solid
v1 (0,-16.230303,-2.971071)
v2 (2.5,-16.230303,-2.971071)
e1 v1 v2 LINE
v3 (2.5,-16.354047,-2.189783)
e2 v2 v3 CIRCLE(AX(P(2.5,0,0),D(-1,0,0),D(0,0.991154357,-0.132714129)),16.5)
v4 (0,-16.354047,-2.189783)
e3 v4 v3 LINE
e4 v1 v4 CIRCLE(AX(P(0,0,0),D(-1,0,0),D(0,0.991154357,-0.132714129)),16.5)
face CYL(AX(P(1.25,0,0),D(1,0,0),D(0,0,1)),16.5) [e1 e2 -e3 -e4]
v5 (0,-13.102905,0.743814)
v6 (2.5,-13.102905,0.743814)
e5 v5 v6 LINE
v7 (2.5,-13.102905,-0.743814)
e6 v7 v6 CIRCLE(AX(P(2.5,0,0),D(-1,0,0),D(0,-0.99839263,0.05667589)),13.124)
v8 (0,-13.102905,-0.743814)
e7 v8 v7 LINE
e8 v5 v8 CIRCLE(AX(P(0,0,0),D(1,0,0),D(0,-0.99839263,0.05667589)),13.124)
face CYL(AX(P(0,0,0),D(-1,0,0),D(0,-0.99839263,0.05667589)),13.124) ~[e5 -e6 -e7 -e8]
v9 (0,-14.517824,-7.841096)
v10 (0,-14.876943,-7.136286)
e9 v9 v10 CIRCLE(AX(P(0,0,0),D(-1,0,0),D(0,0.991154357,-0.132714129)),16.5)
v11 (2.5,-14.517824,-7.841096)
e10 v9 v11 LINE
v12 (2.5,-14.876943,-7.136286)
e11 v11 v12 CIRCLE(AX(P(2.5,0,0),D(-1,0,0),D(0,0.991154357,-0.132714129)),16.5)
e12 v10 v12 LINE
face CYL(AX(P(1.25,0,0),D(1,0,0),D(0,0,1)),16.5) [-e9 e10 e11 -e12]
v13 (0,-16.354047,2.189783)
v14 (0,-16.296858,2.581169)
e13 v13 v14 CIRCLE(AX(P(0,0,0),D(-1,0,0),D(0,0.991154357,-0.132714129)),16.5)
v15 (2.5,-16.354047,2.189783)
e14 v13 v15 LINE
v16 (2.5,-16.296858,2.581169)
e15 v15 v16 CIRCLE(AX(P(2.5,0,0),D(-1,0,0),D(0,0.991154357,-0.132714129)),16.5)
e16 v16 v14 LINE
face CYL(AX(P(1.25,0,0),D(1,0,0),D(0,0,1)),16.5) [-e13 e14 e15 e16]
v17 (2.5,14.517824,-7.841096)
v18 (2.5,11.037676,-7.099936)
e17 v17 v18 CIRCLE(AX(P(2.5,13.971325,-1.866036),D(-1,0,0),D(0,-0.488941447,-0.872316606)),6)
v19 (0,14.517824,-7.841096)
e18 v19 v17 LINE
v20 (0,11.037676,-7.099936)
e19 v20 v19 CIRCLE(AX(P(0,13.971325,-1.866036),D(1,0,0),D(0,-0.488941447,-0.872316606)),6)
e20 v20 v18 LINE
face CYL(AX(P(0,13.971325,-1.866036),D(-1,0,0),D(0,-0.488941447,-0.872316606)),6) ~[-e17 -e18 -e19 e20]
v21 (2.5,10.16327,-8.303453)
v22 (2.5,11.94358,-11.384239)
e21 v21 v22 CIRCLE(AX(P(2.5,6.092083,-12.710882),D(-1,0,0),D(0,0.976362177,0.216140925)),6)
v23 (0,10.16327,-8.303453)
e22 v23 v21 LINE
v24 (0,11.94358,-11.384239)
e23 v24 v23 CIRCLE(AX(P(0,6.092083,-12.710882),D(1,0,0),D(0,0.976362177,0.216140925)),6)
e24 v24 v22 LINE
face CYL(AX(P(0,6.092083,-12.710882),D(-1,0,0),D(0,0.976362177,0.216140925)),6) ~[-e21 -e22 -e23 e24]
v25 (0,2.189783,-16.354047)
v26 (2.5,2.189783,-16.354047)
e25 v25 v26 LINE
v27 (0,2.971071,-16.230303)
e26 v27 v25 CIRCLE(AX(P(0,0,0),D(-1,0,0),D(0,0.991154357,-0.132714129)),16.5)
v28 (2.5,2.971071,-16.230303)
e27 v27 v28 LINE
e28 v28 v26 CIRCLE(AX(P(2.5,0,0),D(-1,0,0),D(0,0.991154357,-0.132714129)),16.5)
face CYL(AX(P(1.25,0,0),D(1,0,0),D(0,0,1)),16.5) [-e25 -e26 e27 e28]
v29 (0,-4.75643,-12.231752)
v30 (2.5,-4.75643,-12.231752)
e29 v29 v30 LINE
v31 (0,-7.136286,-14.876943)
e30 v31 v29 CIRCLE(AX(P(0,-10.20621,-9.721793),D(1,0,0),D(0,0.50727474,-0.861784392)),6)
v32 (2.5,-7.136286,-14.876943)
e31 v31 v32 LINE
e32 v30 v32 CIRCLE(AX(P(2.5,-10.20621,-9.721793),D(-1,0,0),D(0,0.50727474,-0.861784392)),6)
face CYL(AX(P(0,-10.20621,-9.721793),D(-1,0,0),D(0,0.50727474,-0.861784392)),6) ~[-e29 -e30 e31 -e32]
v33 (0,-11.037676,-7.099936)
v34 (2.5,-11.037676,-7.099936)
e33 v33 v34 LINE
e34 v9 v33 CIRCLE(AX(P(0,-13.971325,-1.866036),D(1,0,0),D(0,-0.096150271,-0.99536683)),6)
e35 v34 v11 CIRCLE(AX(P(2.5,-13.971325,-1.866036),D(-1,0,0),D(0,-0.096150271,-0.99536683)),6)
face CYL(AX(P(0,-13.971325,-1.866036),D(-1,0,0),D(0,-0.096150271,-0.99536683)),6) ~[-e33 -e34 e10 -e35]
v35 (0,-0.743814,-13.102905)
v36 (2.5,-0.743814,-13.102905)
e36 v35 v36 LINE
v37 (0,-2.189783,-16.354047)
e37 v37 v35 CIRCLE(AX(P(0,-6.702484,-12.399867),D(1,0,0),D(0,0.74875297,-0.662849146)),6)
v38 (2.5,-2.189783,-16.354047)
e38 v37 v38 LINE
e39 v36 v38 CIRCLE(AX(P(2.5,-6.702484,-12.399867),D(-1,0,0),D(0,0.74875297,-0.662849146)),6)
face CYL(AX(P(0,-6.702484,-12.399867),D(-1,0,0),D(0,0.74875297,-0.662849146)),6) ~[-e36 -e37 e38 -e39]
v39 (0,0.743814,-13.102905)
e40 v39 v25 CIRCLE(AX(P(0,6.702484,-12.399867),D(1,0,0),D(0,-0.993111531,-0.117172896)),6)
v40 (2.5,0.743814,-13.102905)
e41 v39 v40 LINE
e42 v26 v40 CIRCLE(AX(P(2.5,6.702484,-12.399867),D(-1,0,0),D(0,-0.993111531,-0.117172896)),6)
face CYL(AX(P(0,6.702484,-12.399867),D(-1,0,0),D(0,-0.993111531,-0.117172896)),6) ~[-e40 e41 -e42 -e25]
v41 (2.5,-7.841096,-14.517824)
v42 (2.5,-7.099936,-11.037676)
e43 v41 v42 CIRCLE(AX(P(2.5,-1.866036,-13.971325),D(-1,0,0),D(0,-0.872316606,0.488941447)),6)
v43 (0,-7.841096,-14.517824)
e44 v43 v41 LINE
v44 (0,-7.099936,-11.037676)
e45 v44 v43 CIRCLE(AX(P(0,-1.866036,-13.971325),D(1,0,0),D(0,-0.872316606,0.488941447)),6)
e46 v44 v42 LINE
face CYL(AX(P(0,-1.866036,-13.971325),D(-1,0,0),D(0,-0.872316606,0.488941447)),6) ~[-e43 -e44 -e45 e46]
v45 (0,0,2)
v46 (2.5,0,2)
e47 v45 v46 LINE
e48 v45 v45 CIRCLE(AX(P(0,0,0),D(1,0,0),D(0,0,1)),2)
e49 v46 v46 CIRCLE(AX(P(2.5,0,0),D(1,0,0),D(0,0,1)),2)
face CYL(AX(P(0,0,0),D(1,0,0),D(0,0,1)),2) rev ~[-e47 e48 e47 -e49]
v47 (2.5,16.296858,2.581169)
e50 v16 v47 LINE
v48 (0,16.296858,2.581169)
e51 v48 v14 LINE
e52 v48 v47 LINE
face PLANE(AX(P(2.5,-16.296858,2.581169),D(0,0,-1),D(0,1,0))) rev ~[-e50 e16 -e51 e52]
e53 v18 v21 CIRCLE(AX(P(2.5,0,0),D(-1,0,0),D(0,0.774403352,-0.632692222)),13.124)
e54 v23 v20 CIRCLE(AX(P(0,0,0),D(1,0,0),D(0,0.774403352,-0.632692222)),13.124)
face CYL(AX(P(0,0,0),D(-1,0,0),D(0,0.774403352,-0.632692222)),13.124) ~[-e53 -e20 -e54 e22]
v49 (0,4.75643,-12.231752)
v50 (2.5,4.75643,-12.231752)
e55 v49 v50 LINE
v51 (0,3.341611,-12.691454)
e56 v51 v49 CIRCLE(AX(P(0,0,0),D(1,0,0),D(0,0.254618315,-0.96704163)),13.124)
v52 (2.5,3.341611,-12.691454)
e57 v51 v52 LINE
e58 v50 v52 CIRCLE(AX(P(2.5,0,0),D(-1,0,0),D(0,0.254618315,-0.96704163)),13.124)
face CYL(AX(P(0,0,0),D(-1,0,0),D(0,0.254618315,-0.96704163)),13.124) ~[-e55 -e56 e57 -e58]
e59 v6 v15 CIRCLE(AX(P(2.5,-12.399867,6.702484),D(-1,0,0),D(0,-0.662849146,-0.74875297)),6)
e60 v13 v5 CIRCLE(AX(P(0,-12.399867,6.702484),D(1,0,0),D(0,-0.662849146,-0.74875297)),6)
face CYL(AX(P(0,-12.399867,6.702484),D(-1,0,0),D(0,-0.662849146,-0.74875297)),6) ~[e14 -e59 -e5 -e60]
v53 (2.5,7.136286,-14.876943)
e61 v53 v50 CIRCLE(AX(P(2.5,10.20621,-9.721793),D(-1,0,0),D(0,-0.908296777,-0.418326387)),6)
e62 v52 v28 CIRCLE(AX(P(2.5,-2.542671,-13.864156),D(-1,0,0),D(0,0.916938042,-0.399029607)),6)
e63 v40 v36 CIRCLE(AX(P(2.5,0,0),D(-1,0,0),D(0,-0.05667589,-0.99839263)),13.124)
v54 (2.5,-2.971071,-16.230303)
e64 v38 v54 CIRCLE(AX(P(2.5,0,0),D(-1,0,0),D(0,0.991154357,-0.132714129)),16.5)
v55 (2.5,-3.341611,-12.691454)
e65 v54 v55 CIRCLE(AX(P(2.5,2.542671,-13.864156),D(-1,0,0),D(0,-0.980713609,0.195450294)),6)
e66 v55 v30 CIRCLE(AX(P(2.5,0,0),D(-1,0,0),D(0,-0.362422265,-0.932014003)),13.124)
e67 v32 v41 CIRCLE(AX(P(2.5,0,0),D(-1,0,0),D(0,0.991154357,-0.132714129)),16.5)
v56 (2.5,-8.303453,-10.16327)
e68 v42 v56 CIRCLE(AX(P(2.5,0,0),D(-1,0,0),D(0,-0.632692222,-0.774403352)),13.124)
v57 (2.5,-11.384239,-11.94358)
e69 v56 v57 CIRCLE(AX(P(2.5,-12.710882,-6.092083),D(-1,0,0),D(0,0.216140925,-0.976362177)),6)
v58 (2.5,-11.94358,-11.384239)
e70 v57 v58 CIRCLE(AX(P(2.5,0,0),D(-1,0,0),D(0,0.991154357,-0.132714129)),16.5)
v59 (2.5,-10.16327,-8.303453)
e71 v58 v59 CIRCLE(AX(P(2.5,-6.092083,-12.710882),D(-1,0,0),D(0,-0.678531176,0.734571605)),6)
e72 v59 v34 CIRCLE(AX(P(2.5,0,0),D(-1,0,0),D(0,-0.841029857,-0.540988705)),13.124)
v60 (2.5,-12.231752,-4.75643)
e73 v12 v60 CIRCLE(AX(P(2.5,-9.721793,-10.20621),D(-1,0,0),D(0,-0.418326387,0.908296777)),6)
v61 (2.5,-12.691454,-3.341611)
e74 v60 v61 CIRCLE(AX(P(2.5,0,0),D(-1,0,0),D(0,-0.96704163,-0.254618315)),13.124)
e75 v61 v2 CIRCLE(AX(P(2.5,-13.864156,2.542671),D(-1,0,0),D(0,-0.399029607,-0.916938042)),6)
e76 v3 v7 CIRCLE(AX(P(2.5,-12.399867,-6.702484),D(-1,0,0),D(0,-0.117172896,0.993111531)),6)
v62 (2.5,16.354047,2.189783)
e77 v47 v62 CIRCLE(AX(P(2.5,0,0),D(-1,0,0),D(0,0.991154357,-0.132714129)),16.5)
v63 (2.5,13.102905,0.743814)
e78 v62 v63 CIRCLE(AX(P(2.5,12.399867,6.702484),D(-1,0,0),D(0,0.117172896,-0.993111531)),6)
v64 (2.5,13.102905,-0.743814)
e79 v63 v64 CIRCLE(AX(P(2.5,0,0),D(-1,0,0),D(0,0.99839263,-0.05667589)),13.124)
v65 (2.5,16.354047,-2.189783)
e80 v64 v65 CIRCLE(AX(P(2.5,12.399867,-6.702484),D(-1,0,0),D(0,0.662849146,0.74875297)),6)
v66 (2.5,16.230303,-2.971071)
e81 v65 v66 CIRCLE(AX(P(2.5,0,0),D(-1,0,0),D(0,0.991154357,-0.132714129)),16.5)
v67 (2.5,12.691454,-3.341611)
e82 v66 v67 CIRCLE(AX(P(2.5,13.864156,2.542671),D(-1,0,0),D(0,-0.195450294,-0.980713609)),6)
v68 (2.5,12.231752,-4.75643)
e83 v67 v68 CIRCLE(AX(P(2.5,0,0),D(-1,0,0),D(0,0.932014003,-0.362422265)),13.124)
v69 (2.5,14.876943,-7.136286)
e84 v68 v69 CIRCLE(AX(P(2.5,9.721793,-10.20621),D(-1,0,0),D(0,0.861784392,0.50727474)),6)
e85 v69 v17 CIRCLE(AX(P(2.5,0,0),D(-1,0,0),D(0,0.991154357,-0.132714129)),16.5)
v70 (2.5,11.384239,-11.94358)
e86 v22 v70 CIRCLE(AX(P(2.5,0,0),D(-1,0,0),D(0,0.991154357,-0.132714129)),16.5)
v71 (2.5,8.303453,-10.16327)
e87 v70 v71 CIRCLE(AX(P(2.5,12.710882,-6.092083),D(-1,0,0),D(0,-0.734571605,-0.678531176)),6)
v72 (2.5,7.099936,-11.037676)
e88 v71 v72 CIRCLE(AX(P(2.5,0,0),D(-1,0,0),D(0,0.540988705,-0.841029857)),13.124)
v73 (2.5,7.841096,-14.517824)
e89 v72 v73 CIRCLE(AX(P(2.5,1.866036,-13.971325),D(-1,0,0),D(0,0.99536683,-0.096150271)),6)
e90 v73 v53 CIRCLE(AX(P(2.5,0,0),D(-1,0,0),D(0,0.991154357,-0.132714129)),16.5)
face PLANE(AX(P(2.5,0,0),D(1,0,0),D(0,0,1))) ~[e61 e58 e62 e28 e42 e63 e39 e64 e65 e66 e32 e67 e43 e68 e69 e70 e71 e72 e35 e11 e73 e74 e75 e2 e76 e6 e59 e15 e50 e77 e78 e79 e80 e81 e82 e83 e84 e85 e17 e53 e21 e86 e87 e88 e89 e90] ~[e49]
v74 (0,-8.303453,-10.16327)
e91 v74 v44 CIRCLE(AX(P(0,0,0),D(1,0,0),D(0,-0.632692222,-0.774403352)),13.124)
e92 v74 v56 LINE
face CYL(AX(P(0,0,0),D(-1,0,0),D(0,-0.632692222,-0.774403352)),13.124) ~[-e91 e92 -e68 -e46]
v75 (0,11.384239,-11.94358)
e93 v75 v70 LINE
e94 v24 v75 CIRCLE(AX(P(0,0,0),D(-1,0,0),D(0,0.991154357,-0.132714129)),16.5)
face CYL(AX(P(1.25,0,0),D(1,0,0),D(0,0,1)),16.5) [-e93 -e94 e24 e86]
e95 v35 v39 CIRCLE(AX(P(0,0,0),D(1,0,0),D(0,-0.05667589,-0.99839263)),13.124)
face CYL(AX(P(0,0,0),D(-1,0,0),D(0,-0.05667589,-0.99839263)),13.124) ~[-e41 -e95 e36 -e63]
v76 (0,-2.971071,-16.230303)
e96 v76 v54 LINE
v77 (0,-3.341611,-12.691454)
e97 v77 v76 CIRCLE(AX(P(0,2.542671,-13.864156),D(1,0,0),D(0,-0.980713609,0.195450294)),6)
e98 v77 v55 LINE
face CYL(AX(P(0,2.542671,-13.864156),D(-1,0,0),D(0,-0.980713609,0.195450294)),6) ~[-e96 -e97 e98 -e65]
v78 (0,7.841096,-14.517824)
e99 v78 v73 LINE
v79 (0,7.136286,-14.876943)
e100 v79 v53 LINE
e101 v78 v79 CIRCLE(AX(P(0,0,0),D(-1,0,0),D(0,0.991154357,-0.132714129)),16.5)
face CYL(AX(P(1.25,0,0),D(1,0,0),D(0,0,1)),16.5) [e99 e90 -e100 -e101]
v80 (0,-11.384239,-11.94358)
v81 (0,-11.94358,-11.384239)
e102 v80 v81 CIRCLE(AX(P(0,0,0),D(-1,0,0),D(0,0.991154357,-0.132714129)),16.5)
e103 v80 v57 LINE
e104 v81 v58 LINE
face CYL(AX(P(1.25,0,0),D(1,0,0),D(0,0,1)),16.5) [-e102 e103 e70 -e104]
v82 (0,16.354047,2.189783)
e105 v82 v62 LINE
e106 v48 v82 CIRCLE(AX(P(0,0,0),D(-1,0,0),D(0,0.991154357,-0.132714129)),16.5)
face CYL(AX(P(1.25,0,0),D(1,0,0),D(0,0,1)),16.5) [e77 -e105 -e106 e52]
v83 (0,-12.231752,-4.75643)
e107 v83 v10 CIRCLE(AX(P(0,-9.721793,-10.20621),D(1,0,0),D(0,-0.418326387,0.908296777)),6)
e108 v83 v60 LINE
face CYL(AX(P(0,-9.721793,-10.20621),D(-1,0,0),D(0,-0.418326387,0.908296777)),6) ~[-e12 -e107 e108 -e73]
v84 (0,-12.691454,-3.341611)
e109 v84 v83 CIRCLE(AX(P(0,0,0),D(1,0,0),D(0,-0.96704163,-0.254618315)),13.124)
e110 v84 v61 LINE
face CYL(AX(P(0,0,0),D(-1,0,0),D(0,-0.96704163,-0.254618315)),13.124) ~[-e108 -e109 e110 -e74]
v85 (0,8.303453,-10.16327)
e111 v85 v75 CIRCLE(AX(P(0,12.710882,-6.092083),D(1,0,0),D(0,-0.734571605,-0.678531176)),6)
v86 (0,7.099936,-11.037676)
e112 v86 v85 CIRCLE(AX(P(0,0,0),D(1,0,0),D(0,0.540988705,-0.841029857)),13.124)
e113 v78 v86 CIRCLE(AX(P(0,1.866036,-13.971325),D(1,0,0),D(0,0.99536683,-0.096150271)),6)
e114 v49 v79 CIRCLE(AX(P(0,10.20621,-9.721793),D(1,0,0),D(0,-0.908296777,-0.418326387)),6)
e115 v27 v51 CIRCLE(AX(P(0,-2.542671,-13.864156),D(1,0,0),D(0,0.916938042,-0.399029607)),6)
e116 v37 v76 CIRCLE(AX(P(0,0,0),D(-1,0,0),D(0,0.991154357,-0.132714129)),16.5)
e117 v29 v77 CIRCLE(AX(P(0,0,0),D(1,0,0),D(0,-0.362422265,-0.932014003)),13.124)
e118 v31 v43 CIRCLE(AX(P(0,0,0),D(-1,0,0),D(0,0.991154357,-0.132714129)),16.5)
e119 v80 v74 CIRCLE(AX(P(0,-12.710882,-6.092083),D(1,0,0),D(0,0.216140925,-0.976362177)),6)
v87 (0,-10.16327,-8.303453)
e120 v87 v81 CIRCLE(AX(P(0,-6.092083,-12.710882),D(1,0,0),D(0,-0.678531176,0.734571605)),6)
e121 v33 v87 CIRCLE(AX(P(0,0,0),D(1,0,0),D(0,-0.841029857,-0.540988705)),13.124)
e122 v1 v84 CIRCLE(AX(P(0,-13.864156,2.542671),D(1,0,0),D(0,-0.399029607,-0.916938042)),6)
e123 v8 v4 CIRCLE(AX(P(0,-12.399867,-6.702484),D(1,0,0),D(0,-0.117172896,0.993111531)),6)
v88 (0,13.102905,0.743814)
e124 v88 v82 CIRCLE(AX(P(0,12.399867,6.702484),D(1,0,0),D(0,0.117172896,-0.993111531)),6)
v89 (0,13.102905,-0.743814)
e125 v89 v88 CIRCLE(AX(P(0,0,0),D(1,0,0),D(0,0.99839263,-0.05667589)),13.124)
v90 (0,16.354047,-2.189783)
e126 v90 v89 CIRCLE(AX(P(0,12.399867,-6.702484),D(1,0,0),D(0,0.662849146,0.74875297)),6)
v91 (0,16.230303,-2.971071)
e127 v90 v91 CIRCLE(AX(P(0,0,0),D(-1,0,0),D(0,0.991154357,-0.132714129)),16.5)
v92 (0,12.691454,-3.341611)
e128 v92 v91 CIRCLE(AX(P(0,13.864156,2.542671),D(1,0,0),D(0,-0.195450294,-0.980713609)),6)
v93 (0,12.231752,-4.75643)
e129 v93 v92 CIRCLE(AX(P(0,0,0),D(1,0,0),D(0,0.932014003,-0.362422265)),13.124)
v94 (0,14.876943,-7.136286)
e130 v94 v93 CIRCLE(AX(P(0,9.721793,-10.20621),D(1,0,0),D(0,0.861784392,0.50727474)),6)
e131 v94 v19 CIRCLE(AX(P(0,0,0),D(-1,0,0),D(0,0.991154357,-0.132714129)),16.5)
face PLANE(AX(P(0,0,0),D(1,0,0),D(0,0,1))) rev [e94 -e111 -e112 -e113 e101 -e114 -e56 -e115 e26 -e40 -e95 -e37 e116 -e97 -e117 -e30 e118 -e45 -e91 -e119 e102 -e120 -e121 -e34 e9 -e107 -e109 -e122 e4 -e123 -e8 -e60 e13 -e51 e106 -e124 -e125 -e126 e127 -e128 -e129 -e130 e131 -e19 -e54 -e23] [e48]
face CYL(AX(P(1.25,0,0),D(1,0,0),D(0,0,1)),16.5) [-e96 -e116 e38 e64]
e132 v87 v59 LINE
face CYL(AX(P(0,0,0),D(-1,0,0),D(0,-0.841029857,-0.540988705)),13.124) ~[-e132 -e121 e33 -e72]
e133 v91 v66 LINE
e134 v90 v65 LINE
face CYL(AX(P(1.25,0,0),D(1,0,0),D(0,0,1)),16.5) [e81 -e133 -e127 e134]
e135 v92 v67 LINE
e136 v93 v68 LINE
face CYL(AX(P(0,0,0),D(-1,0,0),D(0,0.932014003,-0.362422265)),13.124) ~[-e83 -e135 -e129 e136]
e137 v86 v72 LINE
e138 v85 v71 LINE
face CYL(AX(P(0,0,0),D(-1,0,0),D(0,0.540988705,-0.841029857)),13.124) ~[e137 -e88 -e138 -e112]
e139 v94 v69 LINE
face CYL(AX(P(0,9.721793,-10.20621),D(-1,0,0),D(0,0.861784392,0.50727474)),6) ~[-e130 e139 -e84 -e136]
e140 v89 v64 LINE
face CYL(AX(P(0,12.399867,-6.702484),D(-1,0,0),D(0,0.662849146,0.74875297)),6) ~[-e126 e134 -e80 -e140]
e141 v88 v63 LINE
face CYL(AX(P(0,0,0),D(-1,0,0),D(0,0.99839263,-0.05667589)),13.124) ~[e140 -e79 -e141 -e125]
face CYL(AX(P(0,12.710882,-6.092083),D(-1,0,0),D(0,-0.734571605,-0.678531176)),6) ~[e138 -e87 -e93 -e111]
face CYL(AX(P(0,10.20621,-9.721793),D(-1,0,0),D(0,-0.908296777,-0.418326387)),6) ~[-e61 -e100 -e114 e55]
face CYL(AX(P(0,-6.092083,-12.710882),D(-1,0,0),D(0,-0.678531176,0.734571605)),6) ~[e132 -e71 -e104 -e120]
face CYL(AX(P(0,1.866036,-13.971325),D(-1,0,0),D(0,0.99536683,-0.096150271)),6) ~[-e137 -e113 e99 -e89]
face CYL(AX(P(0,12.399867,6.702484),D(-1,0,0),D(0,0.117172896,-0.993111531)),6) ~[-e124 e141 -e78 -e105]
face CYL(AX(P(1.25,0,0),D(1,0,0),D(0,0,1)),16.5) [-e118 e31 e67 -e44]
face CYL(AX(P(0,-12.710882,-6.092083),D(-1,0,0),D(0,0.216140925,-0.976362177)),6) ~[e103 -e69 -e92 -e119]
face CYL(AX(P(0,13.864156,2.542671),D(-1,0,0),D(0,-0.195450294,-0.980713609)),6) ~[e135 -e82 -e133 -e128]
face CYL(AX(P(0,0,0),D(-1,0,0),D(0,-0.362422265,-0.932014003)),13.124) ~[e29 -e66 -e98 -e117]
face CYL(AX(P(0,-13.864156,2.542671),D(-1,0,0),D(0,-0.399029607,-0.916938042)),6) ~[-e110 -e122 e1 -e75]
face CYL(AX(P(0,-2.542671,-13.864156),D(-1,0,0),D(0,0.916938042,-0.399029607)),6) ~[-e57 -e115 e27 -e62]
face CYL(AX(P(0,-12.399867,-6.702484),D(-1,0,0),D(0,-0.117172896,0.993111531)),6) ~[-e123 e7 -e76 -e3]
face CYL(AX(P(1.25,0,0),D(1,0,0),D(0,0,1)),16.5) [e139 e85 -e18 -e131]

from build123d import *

# Parameters (mm, degrees)
BASPROSKE_W        = 2.5
BASPROSKE_H        = 16.5
TOOTHCUT_DEPTH     = 24.468063405
TEETHCUTS_COUNT    = 20
TEETHCUTS_ANGLE    = 342
BORSKE_R           = 2
BORE_DEPTH         = 50.0000508
SKETCH1_W          = 14.029900708
SKETCH1_H          = 46.240429445
CUT_EXTRUDE1_DEPTH = 24.26283946


with BuildPart() as part:
    # BasProSke → Base-Revolve (revolve)
    with BuildSketch(Plane(origin=(0, 0, 0), x_dir=(1, 0, 0), z_dir=(0, 1, 0)), mode=Mode.PRIVATE) as base_revolve_sk:
        with Locations((1.25, 8.25)):
            Rectangle(BASPROSKE_W, BASPROSKE_H)
    revolve(base_revolve_sk.sketch.rotate(Axis((-10, 0, 0), (1, 0, 0)), 180), axis=Axis((-10, 0, 0), (1, 0, 0)))

    # TooCutSke → ToothCut (cut, through all)
    with BuildSketch(Plane(origin=(0, 0, 0), x_dir=(0, 0, -1), z_dir=(1, 0, 0))):
        with BuildLine():
            ThreePointArc((0.74381438, 13.102904875), (0, 13.124), (-0.74381438, 13.102904875))
            ThreePointArc((-0.74381438, 13.102904875), (-1.226473103, 14.852072512), (-2.209965745, 16.376962373))
            ThreePointArc((-2.209965745, 16.376962373), (0, 16.5254), (2.209965745, 16.376962373))
            ThreePointArc((2.209965745, 16.376962373), (1.226473103, 14.852072512), (0.74381438, 13.102904875))
        make_face()
    toothcut = extrude(amount=TOOTHCUT_DEPTH, mode=Mode.SUBTRACT)

    # TeethCuts: ToothCut ×20 about axis
    teethcuts_axis = Axis((-10, 0, 0), (1, 0, 0))
    for i in range(1, TEETHCUTS_COUNT):
        add(toothcut.rotate(teethcuts_axis, i * TEETHCUTS_ANGLE / (TEETHCUTS_COUNT - 1)), mode=Mode.SUBTRACT)

    # BorSke → Bore (cut, symmetric)
    with BuildSketch(Plane(origin=(0, 0, 0), x_dir=(0, 0, -1), z_dir=(1, 0, 0))):
        with Locations(Location((0, 0, 0), (0, 0, 180))):
            Circle(BORSKE_R)
    extrude(amount=BORE_DEPTH, both=True, mode=Mode.SUBTRACT)

    # Sketch1 → Cut-Extrude1 (cut, through all)
    with BuildSketch(Plane(origin=(2.5, 0, 0), x_dir=(0, 0, -1), z_dir=(1, 0, 0))):
        with Locations((-9.596119027, 6.823357103)):
            Rectangle(SKETCH1_W, SKETCH1_H)
    extrude(amount=-CUT_EXTRUDE1_DEPTH, mode=Mode.SUBTRACT)


solid = part.part
